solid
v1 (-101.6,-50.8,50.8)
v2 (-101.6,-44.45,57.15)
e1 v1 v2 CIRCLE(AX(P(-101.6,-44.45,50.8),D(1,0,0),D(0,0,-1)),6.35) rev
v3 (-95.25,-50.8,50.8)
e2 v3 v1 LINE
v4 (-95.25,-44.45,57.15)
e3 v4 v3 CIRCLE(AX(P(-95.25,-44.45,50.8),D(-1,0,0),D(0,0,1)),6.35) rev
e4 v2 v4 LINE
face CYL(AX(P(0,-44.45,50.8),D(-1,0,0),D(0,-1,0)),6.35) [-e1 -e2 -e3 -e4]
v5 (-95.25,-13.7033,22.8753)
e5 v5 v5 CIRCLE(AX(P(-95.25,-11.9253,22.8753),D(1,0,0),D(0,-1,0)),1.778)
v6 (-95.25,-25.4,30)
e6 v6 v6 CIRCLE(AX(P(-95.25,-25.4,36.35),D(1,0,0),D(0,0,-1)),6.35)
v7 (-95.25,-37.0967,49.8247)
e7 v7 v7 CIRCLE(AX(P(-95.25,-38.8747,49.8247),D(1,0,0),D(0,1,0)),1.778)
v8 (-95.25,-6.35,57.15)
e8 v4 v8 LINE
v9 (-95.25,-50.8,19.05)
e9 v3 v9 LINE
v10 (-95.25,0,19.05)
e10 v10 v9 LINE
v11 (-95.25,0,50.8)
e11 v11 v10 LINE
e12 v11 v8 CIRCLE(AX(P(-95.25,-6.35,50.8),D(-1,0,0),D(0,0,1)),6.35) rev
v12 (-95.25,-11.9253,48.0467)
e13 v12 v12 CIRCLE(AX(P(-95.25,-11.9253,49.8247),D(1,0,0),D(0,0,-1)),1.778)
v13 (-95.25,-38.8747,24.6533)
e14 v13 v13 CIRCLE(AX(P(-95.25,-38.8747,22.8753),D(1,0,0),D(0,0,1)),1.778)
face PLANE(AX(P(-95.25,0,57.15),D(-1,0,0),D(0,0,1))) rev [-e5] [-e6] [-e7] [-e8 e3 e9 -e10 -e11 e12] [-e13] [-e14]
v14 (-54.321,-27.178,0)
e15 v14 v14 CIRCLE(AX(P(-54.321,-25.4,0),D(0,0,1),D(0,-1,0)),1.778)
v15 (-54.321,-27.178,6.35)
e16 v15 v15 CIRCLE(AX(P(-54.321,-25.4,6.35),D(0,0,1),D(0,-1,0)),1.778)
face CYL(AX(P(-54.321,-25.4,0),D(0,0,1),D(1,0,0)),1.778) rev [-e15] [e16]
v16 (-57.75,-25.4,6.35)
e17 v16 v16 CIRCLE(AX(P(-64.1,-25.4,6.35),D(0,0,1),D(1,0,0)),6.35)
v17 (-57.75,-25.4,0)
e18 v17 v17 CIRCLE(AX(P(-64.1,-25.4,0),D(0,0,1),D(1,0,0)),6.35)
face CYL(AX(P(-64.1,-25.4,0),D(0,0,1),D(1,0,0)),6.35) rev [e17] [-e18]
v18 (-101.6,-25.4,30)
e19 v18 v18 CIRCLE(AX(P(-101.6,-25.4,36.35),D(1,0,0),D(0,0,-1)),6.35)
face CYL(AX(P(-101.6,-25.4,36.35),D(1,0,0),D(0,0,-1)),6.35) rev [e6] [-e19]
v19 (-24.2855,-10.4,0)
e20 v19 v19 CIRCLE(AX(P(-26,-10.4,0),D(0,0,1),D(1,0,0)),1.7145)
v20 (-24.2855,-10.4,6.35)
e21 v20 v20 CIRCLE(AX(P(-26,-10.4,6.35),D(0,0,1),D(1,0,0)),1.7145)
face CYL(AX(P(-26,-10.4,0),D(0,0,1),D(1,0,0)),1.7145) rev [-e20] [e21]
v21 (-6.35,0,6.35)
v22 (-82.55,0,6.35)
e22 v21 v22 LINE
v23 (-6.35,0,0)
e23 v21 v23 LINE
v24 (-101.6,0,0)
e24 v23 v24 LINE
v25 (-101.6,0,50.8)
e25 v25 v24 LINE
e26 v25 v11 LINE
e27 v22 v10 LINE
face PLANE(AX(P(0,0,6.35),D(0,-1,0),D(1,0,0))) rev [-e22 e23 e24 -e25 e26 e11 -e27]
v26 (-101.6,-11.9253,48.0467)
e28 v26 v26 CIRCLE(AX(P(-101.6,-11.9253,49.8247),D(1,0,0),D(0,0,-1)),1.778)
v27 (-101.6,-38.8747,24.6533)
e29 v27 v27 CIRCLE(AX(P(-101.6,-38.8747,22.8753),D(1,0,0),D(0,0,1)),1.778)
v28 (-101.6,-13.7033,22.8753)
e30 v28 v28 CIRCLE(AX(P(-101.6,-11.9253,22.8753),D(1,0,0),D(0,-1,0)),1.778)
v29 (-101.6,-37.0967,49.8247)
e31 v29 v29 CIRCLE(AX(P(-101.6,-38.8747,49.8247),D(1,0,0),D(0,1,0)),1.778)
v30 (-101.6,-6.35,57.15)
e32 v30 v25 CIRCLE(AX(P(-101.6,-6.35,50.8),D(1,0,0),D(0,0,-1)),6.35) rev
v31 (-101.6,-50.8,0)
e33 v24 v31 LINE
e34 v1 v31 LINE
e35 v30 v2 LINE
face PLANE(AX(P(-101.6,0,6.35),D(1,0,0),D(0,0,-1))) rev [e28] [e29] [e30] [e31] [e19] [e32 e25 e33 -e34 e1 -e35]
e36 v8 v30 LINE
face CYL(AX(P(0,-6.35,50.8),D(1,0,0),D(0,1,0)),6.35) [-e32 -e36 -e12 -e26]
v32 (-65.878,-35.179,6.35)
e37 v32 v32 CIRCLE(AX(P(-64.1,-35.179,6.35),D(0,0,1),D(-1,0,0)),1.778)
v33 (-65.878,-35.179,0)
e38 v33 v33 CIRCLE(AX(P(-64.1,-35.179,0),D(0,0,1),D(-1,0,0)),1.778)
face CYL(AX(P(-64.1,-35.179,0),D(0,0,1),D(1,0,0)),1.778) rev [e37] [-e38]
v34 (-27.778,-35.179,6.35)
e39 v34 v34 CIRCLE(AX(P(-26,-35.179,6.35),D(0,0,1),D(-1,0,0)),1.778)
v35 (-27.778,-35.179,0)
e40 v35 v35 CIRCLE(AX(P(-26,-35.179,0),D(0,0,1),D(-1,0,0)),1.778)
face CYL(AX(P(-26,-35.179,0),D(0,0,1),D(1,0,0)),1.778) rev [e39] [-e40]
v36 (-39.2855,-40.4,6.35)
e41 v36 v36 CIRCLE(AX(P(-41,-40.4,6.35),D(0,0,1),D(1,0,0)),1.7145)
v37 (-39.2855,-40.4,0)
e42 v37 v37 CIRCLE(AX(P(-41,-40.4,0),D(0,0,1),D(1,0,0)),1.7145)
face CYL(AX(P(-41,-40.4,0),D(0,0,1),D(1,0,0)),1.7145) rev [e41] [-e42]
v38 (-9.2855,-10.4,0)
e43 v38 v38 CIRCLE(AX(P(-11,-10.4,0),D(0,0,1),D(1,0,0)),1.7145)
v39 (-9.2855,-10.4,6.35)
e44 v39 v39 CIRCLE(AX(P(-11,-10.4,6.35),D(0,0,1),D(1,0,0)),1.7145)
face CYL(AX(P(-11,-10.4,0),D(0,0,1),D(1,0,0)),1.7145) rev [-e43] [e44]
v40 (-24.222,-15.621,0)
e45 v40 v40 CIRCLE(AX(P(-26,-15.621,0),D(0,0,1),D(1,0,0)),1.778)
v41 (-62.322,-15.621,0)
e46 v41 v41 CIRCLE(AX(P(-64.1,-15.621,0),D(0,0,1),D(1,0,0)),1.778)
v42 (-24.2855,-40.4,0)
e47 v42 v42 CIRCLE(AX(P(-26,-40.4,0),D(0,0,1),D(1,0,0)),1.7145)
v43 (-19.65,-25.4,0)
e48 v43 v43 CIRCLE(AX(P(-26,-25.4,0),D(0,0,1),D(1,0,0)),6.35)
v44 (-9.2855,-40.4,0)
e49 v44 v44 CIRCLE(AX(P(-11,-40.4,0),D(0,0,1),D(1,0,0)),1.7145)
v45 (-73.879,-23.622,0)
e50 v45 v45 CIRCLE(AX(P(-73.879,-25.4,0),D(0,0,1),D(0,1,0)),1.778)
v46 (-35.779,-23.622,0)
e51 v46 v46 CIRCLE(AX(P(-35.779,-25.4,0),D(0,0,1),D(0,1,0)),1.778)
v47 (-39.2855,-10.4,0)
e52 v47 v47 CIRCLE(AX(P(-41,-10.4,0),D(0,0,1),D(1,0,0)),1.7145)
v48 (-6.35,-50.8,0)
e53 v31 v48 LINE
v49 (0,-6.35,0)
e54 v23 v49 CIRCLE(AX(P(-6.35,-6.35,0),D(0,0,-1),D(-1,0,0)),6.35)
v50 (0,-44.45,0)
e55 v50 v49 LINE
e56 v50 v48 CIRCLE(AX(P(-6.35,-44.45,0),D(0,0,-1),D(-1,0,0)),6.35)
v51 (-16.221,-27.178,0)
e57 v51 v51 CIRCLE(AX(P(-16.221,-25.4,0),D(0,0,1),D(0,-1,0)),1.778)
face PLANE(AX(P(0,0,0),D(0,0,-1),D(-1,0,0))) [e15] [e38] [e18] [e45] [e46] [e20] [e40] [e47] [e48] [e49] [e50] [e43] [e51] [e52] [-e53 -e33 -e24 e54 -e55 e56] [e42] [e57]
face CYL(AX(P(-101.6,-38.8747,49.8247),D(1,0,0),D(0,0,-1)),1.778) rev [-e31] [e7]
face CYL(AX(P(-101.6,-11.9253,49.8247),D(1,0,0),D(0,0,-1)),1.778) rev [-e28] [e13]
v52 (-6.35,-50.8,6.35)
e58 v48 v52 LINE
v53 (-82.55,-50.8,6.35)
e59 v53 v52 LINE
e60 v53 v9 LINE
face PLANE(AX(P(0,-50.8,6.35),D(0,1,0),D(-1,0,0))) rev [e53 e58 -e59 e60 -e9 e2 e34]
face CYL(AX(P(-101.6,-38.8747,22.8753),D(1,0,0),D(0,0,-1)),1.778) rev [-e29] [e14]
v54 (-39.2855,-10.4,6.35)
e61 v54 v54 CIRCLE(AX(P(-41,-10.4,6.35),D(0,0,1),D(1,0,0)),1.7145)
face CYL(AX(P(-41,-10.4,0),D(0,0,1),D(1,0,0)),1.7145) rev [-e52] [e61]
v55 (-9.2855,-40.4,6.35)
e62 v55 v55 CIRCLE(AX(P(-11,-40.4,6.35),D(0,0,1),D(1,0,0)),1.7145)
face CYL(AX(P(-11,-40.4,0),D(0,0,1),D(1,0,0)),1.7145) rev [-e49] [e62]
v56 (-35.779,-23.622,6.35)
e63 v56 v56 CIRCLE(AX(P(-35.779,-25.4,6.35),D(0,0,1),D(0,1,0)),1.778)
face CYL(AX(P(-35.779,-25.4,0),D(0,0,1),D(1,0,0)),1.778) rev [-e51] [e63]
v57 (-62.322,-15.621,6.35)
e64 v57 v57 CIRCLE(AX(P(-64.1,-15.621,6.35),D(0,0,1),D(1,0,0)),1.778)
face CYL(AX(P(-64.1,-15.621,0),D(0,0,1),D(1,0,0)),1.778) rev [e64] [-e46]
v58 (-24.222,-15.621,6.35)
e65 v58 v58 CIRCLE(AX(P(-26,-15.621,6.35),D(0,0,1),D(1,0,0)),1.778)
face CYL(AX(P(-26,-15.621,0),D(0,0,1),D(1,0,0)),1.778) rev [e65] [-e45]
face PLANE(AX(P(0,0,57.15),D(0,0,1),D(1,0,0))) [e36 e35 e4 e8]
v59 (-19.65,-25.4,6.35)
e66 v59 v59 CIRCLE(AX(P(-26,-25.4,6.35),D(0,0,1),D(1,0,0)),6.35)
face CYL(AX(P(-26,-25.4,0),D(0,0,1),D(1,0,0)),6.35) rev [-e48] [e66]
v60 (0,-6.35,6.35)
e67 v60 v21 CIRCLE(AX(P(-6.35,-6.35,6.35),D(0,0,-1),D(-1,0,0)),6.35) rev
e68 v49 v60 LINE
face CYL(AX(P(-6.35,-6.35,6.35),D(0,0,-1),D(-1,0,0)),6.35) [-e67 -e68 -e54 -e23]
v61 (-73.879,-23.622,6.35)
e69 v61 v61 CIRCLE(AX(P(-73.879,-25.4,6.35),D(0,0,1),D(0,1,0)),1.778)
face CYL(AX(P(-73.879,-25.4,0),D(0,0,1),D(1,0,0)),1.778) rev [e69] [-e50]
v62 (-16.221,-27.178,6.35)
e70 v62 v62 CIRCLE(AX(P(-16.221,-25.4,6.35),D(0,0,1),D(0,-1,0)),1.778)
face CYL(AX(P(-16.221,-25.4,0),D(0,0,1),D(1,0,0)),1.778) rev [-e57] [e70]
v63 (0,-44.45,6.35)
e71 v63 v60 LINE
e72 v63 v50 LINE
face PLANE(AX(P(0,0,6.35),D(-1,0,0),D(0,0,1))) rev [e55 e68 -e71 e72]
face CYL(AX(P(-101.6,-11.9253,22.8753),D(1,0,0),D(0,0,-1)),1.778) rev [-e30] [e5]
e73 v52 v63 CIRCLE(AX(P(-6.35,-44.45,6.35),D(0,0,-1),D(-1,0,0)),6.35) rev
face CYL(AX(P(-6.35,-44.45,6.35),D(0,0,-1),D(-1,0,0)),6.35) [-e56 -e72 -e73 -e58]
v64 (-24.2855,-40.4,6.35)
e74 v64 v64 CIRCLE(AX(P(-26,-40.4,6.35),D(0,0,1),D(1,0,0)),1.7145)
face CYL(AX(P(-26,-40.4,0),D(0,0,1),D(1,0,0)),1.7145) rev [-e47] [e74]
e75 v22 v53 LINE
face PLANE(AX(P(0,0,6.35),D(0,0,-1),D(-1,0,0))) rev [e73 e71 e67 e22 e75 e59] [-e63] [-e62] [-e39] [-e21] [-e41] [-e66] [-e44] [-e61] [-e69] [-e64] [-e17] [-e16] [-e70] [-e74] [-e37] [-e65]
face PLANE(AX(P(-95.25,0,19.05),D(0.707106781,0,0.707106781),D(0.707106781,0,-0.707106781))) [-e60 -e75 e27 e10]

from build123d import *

# Parameters (mm, degrees)
SKETCH1_W                 = 101.6
SKETCH1_H                 = 50.8
BOSS_EXTRUDE1_DEPTH       = 6.35
SKETCH2_R                 = 1.7145
CUT_EXTRUDE1_DEPTH        = 6.35
SKETCH3_R                 = 1.778
CUT_EXTRUDE2_DEPTH        = 6.35
SKETCH4_R                 = 6.35
CUT_EXTRUDE3_DEPTH        = 6.35
CIRPATTERN1_COUNT         = 4
SKETCH5_W                 = 6.35
SKETCH5_H                 = 50.8
BOSS_EXTRUDE2_DEPTH       = 50.8
SKETCH6_R                 = 6.35
CUT_EXTRUDE4_DEPTH        = 6.35
SKETCH7_R                 = 1.778
CUT_EXTRUDE5_DEPTH        = 6.35
CIRPATTERN2_COUNT         = 4
LPATTERN1_COUNT           = 2
LPATTERN1_PITCH           = 38.1
LPATTERN1_COPY_1_SKETCH_R = 1.778
LPATTERN1_COPY_1_DEPTH    = 6.35
LPATTERN1_COPY_2_SKETCH_R = 1.778
LPATTERN1_COPY_2_DEPTH    = 6.35
LPATTERN1_COPY_3_SKETCH_R = 1.778
LPATTERN1_COPY_3_DEPTH    = 6.35
BOSS_EXTRUDE3_DEPTH       = 50.8
FILLET1_R                 = 6.35


with BuildPart() as part:
    # Sketch1 → Boss-Extrude1 (new body)
    with BuildSketch(Plane.XY):
        with Locations((-50.8, -25.4)):
            Rectangle(SKETCH1_W, SKETCH1_H)
    extrude(amount=BOSS_EXTRUDE1_DEPTH)

    # Sketch2 → Cut-Extrude1 (cut)
    with BuildSketch(Plane.XY.offset(6.35)):
        with Locations((-11, -10.400000028)):
            Circle(SKETCH2_R)
        with Locations((-41, -10.400000028)):
            Circle(SKETCH2_R)
        with Locations((-41, -40.399999972)):
            Circle(SKETCH2_R)
        with Locations((-11, -40.399999972)):
            Circle(SKETCH2_R)
        with Locations((-25.999999972, -40.399999972)):
            Circle(SKETCH2_R)
        with Locations((-25.999999972, -10.400000028)):
            Circle(SKETCH2_R)
    extrude(amount=-CUT_EXTRUDE1_DEPTH, mode=Mode.SUBTRACT)

    # Sketch3 → Cut-Extrude2 (cut)
    with BuildSketch(Plane.XY.offset(6.35)):
        with Locations((-26, -15.621)):
            Circle(SKETCH3_R)
    cut_extrude2 = extrude(amount=-CUT_EXTRUDE2_DEPTH, mode=Mode.SUBTRACT)

    # Sketch4 → Cut-Extrude3 (cut)
    with BuildSketch(Plane.XY.offset(6.35)):
        with Locations((-26, -25.4)):
            Circle(SKETCH4_R)
    cut_extrude3 = extrude(amount=-CUT_EXTRUDE3_DEPTH, mode=Mode.SUBTRACT)

    # CirPattern1: Cut-Extrude2 ×4 about axis
    cirpattern1_axis = Axis((-26, -25.4, 0), (0, 0, 1))
    for i in range(1, CIRPATTERN1_COUNT):
        add(cut_extrude2.rotate(cirpattern1_axis, i * 360 / CIRPATTERN1_COUNT), mode=Mode.SUBTRACT)

    # Sketch5 → Boss-Extrude2 (add)
    with BuildSketch(Plane.XY.offset(6.35)):
        with Locations((-98.425, -25.4)):
            Rectangle(SKETCH5_W, SKETCH5_H)
    extrude(amount=BOSS_EXTRUDE2_DEPTH)

    # Sketch6 → Cut-Extrude4 (cut)
    with BuildSketch(Plane(origin=(-95.25, 0, 0), x_dir=(0, 0, -1), z_dir=(1, 0, 0))):
        with Locations((-36.35, -25.4)):
            Circle(SKETCH6_R)
    extrude(amount=-CUT_EXTRUDE4_DEPTH, mode=Mode.SUBTRACT)

    # Sketch7 → Cut-Extrude5 (cut)
    with BuildSketch(Plane(origin=(-95.25, 0, 0), x_dir=(0, 0, -1), z_dir=(1, 0, 0))):
        with Locations((-49.8247, -11.9253)):
            Circle(SKETCH7_R)
    cut_extrude5 = extrude(amount=-CUT_EXTRUDE5_DEPTH, mode=Mode.SUBTRACT)

    # CirPattern2: Cut-Extrude5 ×4 about axis
    cirpattern2_axis = Axis((0, -25.4, 36.35), (1, 0, 0))
    for i in range(1, CIRPATTERN2_COUNT):
        add(cut_extrude5.rotate(cirpattern2_axis, i * 360 / CIRPATTERN2_COUNT), mode=Mode.SUBTRACT)

    # LPattern1: Cut-Extrude3, Cut-Extrude2 ×2
    with Locations(*[(-i * LPATTERN1_PITCH, 0, 0) for i in range(1, LPATTERN1_COUNT)]):
        add(cut_extrude3, mode=Mode.SUBTRACT)
        add(cut_extrude2, mode=Mode.SUBTRACT)

    # LPattern1 copy 1 sketch → LPattern1 copy 1 (cut)
    with BuildSketch(Plane(origin=(-89.5, 0.6, 6.35), x_dir=(0, 1, 0), z_dir=(0, 0, 1))):
        with Locations((-26, -15.621)):
            Circle(LPATTERN1_COPY_1_SKETCH_R)
    extrude(amount=-LPATTERN1_COPY_1_DEPTH, mode=Mode.SUBTRACT)

    # LPattern1 copy 2 sketch → LPattern1 copy 2 (cut)
    with BuildSketch(Plane(origin=(-90.1, -50.8, 6.35), x_dir=(-1, 0, 0), z_dir=(0, 0, 1))):
        with Locations((-26, -15.621)):
            Circle(LPATTERN1_COPY_2_SKETCH_R)
    extrude(amount=-LPATTERN1_COPY_2_DEPTH, mode=Mode.SUBTRACT)

    # LPattern1 copy 3 sketch → LPattern1 copy 3 (cut)
    with BuildSketch(Plane(origin=(-38.7, -51.4, 6.35), x_dir=(0, -1, 0), z_dir=(0, 0, 1))):
        with Locations((-26, -15.621)):
            Circle(LPATTERN1_COPY_3_SKETCH_R)
    extrude(amount=-LPATTERN1_COPY_3_DEPTH, mode=Mode.SUBTRACT)

    # Sketch8 → Boss-Extrude3 (add)
    with BuildSketch(Plane.XZ.offset(50.8)):
        Polygon((-95.25, 6.35), (-95.25, 19.05), (-82.55, 6.35), align=None)
    extrude(amount=-BOSS_EXTRUDE3_DEPTH)

    # Fillet1
    fillet1_edges = [part.edges().sort_by_distance(p)[0] for p in [
        (-98.425, -50.8, 57.15),
        (-98.425, 0, 57.15),
        (0, -50.8, 3.175),
        (0, 0, 3.175),
    ]]
    fillet(fillet1_edges, radius=FILLET1_R)


solid = part.part
